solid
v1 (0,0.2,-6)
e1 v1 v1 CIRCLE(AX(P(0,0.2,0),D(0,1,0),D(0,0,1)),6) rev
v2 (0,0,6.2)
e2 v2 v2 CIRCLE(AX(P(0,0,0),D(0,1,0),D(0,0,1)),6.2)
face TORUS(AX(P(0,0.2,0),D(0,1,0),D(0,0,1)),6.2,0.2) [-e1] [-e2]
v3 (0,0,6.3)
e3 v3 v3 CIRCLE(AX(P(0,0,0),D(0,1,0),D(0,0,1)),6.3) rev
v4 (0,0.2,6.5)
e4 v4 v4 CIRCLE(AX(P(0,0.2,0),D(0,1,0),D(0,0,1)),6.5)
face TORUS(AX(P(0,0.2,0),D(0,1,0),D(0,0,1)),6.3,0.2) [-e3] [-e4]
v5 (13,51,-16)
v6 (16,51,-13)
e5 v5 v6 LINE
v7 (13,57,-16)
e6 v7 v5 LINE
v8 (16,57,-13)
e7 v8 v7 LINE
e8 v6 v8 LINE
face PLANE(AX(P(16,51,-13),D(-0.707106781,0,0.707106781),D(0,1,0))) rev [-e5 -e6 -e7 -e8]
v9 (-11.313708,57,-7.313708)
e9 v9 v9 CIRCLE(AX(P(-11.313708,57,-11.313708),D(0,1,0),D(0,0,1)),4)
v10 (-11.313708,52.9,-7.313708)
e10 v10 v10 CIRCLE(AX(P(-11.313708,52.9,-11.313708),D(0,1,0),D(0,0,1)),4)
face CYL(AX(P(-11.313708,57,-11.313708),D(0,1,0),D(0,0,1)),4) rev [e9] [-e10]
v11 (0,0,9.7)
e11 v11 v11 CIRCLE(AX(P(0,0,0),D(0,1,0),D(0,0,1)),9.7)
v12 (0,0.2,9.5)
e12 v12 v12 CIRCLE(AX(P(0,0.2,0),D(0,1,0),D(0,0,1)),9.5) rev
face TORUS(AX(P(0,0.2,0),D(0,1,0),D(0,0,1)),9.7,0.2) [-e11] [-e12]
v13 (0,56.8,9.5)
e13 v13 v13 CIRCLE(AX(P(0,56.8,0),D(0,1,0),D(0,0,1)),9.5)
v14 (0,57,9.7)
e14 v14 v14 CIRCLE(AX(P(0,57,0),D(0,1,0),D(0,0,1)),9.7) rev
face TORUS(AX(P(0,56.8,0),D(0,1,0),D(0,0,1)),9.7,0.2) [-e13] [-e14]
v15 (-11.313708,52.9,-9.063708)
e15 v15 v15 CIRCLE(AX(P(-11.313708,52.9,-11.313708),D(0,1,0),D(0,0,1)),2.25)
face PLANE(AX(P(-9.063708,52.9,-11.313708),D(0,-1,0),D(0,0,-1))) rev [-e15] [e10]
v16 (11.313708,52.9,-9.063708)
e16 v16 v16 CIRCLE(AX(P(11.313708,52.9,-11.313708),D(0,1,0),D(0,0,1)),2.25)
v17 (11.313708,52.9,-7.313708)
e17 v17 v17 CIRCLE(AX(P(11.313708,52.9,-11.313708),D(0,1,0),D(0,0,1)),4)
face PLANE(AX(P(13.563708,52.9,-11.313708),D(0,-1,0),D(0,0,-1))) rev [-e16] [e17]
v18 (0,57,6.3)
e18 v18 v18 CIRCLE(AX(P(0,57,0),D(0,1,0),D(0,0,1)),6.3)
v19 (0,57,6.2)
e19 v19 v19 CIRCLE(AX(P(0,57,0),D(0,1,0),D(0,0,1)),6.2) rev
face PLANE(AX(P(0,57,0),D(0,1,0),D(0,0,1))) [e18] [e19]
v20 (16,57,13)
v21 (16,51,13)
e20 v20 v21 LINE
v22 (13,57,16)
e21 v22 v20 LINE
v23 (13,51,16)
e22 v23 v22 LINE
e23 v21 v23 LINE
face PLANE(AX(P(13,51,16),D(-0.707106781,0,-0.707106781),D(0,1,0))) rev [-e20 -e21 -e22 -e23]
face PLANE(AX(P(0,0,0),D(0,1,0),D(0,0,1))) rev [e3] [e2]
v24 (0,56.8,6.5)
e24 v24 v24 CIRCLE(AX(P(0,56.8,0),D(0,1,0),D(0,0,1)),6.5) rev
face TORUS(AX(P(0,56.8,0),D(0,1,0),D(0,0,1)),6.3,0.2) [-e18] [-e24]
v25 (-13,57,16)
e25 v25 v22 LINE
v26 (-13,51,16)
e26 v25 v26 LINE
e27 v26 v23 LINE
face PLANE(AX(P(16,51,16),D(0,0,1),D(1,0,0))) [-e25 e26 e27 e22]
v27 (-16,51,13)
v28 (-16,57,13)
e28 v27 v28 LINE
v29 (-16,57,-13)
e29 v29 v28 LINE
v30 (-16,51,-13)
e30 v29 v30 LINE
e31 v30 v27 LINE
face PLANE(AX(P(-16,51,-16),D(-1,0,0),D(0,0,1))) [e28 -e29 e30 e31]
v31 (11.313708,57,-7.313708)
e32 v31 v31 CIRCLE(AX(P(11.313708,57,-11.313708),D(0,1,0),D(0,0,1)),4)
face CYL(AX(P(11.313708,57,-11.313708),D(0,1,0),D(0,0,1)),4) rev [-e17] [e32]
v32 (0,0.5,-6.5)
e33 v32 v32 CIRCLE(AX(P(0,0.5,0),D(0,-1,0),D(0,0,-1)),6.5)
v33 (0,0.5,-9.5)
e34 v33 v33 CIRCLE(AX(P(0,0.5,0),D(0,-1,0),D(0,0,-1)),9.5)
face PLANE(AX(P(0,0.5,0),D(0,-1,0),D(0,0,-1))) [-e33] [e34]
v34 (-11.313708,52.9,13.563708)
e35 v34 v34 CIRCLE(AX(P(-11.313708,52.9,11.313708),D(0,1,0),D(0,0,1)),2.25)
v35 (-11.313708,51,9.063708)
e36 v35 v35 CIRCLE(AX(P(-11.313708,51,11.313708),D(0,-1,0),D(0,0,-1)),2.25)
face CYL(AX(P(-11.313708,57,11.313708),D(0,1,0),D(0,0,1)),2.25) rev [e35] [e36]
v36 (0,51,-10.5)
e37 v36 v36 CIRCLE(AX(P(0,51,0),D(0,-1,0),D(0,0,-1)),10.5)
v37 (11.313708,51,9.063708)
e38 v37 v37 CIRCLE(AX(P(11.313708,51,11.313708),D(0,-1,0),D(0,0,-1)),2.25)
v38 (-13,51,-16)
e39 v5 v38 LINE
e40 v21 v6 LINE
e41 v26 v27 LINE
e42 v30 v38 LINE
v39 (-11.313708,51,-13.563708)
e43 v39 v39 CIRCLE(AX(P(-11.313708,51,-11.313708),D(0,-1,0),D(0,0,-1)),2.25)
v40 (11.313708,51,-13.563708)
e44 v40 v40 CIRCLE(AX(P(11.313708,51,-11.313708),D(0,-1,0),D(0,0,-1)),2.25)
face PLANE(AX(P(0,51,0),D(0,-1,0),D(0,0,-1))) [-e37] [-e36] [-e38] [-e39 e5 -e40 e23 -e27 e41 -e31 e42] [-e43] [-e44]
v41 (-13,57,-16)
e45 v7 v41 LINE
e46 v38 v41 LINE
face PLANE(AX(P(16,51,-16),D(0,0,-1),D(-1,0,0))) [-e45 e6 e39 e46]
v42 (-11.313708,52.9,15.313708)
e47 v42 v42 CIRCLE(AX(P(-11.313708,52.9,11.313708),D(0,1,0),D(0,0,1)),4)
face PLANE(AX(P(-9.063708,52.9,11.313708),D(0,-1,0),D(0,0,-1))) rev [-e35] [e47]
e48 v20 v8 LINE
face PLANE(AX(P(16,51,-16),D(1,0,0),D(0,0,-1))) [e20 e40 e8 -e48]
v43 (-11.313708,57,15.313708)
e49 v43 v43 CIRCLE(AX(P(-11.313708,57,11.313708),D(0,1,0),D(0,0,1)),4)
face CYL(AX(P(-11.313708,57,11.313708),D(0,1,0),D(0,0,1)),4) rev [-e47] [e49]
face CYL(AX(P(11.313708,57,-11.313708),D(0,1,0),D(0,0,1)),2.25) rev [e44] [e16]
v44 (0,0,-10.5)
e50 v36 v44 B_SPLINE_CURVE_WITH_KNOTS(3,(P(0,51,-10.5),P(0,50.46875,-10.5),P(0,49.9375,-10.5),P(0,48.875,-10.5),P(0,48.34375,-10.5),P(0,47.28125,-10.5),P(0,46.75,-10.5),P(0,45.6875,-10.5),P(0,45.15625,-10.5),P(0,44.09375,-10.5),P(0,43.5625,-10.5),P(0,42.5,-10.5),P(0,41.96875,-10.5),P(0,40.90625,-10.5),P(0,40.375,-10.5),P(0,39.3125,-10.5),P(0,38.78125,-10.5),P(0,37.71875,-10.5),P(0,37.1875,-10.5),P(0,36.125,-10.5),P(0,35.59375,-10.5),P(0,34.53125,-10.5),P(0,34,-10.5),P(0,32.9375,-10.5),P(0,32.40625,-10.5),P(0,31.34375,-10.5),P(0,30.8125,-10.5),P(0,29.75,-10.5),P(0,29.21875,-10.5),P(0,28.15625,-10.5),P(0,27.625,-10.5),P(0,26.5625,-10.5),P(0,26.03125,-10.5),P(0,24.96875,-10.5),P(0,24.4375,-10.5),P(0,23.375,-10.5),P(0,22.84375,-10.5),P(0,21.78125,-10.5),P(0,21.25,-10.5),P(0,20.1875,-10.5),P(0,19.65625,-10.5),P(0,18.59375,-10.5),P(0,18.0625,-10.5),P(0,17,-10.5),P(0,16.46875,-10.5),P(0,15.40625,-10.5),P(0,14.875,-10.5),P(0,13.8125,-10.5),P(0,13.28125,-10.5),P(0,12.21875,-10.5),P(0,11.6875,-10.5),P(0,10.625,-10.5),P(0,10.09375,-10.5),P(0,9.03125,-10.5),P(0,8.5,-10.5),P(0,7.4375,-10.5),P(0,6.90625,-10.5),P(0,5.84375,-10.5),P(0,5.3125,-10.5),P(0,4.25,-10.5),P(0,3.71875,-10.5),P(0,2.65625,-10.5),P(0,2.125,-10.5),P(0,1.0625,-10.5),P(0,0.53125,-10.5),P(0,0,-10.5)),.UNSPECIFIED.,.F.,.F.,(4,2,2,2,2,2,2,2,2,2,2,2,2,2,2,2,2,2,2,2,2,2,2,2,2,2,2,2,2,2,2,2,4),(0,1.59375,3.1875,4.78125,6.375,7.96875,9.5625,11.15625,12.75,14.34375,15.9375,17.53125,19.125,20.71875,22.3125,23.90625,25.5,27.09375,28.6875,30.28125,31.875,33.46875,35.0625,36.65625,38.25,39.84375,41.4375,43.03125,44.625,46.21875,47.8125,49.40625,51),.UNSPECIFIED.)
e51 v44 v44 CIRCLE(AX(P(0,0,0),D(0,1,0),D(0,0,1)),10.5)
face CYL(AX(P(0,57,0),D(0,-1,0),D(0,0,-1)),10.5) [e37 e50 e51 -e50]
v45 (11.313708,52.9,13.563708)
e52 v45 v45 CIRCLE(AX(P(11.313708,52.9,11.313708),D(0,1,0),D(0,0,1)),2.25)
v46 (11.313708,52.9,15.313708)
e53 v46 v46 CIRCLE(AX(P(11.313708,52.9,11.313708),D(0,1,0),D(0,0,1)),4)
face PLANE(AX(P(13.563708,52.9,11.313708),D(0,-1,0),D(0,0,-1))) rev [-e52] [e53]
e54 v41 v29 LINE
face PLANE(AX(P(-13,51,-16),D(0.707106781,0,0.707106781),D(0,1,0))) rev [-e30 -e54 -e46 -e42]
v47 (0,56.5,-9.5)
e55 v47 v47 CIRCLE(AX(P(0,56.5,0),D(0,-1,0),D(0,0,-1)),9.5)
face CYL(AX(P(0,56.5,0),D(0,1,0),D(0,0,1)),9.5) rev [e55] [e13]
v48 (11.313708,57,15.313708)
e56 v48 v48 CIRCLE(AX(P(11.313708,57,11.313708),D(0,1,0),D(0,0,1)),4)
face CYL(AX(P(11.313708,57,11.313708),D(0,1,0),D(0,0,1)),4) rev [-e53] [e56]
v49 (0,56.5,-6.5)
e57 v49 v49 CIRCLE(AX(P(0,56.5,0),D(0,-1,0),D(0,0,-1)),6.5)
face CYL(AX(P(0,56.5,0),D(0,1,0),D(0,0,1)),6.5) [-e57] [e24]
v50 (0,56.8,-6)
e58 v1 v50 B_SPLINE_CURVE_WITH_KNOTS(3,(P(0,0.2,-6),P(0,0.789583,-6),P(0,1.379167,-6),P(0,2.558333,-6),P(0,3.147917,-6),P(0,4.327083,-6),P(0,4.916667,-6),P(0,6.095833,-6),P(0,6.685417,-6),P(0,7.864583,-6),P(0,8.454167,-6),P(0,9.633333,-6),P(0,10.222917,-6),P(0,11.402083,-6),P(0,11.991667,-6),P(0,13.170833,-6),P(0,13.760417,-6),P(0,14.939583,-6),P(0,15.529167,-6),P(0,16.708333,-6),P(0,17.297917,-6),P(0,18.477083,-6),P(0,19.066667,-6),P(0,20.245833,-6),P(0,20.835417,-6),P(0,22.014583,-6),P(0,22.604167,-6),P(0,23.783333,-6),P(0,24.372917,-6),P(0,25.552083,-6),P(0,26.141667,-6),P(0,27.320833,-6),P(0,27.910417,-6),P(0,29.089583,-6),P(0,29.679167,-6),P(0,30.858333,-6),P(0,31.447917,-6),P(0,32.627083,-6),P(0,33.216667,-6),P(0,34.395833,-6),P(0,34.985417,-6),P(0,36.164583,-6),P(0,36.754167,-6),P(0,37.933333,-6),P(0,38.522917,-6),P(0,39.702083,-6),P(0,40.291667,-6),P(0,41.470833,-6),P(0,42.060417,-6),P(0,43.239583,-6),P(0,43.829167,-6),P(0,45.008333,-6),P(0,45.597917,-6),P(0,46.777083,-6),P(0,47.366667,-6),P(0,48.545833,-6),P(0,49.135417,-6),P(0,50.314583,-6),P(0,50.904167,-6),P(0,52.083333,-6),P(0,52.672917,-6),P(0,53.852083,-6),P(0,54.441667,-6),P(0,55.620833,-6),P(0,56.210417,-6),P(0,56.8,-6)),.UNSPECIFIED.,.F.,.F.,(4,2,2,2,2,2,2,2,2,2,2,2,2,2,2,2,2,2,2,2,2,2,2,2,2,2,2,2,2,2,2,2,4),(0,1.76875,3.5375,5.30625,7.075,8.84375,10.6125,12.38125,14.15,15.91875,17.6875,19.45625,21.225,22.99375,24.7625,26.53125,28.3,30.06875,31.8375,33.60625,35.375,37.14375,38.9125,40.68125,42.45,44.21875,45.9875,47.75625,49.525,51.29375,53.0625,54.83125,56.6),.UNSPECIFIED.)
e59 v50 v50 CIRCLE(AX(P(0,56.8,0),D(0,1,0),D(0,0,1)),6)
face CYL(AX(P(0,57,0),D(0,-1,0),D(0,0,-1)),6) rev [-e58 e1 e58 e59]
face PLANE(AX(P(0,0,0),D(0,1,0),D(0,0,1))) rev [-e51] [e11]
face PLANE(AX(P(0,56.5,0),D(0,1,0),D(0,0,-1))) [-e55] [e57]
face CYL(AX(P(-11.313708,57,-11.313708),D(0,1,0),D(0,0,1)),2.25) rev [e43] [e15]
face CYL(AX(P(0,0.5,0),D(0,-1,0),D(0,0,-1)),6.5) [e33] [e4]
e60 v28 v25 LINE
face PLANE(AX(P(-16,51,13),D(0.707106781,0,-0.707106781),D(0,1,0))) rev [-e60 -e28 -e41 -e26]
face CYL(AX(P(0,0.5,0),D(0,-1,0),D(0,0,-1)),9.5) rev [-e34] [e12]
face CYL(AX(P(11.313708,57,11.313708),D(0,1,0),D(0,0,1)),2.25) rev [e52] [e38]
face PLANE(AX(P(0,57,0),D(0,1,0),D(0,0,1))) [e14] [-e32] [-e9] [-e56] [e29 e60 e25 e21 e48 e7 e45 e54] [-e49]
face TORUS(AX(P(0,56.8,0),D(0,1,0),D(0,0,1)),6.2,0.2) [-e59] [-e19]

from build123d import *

# Parameters (mm, degrees)
SKETCH_1_R                  = 10.5
SKETCH_1_R_2                = 6
SALIENTE_EXTRUIR1_DEPTH     = 57
SALIENTE_EXTRUIR2_START     = -6
SKETCH_2_W                  = 32
SKETCH_2_H                  = 32
SKETCH_2_R                  = 6
SALIENTE_EXTRUIR2_DEPTH     = 6
HOLE_WIZARD_M41_D           = 4.5
HOLE_WIZARD_M41_CBORE_D     = 8
HOLE_WIZARD_M41_CBORE_DEPTH = 4.1
CHAFL_N1_SIZE               = 3
SKETCH_5_R                  = 9.5
SKETCH_5_R_2                = 6.5
CORTAR_EXTRUIR2_DEPTH       = 0.5
REDONDEO1_R                 = 0.2


with BuildPart() as part:
    # Эскиз1 → Saliente-Extruir1 (new body)
    with BuildSketch(Plane(origin=(0, 0, 0), x_dir=(1, 0, 0), z_dir=(0, 1, 0))):
        with Locations(Location((0, 0, 0), (0, 0, 90))):
            Circle(SKETCH_1_R)
        with Locations(Location((0, 0, 0), (0, 0, 90))):
            Circle(SKETCH_1_R_2, mode=Mode.SUBTRACT)
    extrude(amount=SALIENTE_EXTRUIR1_DEPTH)

    # Эскиз2 → Saliente-Extruir2 (add)
    with BuildSketch(Plane(origin=(0, 57, 0), x_dir=(1, 0, 0), z_dir=(0, 1, 0)).offset(SALIENTE_EXTRUIR2_START)):
        Rectangle(SKETCH_2_W, SKETCH_2_H)
        with Locations(Location((0, 0, 0), (0, 0, 90))):
            Circle(SKETCH_2_R, mode=Mode.SUBTRACT)
    extrude(amount=SALIENTE_EXTRUIR2_DEPTH)

    # Цековка для  винта с полукруглой головкой M41 (through all)
    with Locations(Plane(origin=(0, 57, 0), x_dir=(1, 0, 0), z_dir=(0, 1, 0))):
        with Locations((-11.313708499, 11.313708499), (11.313708499, 11.313708499), (11.313708499, -11.313708499), (-11.313708499, -11.313708499)):
            CounterBoreHole(HOLE_WIZARD_M41_D / 2, HOLE_WIZARD_M41_CBORE_D / 2, HOLE_WIZARD_M41_CBORE_DEPTH)

    # Chaflán1
    chafl_n1_edges = [part.edges().sort_by_distance(p)[0] for p in [
        (-16, 54, 16),
        (-16, 54, -16),
        (16, 54, -16),
        (16, 54, 16),
    ]]
    chamfer(chafl_n1_edges, length=CHAFL_N1_SIZE)

    # Эскиз5 → Cortar-Extruir2 (cut)
    with BuildSketch(Plane(origin=(0, 0, 0), x_dir=(-1, 0, 0), z_dir=(0, -1, 0))):
        with Locations(Location((0, 0, 0), (0, 0, 90))):
            Circle(SKETCH_5_R)
        with Locations(Location((0, 0, 0), (0, 0, 90))):
            Circle(SKETCH_5_R_2, mode=Mode.SUBTRACT)
    cortar_extruir2 = extrude(amount=-CORTAR_EXTRUIR2_DEPTH, mode=Mode.SUBTRACT)

    # Зеркальное отражение1: Cortar-Extruir2 across plane
    add(cortar_extruir2.mirror(Plane.ZX.offset(28.5)), mode=Mode.SUBTRACT)

    # Redondeo1
    redondeo1_edges = [part.edges().sort_by_distance(p)[0] for p in [
        (0, 0, 6),
        (0, 57, 6),
        (0, 0, 9.5),
        (0, 0, 6.5),
        (0, 57, 6.5),
        (0, 57, 9.5),
    ]]
    fillet(redondeo1_edges, radius=REDONDEO1_R)


solid = part.part
